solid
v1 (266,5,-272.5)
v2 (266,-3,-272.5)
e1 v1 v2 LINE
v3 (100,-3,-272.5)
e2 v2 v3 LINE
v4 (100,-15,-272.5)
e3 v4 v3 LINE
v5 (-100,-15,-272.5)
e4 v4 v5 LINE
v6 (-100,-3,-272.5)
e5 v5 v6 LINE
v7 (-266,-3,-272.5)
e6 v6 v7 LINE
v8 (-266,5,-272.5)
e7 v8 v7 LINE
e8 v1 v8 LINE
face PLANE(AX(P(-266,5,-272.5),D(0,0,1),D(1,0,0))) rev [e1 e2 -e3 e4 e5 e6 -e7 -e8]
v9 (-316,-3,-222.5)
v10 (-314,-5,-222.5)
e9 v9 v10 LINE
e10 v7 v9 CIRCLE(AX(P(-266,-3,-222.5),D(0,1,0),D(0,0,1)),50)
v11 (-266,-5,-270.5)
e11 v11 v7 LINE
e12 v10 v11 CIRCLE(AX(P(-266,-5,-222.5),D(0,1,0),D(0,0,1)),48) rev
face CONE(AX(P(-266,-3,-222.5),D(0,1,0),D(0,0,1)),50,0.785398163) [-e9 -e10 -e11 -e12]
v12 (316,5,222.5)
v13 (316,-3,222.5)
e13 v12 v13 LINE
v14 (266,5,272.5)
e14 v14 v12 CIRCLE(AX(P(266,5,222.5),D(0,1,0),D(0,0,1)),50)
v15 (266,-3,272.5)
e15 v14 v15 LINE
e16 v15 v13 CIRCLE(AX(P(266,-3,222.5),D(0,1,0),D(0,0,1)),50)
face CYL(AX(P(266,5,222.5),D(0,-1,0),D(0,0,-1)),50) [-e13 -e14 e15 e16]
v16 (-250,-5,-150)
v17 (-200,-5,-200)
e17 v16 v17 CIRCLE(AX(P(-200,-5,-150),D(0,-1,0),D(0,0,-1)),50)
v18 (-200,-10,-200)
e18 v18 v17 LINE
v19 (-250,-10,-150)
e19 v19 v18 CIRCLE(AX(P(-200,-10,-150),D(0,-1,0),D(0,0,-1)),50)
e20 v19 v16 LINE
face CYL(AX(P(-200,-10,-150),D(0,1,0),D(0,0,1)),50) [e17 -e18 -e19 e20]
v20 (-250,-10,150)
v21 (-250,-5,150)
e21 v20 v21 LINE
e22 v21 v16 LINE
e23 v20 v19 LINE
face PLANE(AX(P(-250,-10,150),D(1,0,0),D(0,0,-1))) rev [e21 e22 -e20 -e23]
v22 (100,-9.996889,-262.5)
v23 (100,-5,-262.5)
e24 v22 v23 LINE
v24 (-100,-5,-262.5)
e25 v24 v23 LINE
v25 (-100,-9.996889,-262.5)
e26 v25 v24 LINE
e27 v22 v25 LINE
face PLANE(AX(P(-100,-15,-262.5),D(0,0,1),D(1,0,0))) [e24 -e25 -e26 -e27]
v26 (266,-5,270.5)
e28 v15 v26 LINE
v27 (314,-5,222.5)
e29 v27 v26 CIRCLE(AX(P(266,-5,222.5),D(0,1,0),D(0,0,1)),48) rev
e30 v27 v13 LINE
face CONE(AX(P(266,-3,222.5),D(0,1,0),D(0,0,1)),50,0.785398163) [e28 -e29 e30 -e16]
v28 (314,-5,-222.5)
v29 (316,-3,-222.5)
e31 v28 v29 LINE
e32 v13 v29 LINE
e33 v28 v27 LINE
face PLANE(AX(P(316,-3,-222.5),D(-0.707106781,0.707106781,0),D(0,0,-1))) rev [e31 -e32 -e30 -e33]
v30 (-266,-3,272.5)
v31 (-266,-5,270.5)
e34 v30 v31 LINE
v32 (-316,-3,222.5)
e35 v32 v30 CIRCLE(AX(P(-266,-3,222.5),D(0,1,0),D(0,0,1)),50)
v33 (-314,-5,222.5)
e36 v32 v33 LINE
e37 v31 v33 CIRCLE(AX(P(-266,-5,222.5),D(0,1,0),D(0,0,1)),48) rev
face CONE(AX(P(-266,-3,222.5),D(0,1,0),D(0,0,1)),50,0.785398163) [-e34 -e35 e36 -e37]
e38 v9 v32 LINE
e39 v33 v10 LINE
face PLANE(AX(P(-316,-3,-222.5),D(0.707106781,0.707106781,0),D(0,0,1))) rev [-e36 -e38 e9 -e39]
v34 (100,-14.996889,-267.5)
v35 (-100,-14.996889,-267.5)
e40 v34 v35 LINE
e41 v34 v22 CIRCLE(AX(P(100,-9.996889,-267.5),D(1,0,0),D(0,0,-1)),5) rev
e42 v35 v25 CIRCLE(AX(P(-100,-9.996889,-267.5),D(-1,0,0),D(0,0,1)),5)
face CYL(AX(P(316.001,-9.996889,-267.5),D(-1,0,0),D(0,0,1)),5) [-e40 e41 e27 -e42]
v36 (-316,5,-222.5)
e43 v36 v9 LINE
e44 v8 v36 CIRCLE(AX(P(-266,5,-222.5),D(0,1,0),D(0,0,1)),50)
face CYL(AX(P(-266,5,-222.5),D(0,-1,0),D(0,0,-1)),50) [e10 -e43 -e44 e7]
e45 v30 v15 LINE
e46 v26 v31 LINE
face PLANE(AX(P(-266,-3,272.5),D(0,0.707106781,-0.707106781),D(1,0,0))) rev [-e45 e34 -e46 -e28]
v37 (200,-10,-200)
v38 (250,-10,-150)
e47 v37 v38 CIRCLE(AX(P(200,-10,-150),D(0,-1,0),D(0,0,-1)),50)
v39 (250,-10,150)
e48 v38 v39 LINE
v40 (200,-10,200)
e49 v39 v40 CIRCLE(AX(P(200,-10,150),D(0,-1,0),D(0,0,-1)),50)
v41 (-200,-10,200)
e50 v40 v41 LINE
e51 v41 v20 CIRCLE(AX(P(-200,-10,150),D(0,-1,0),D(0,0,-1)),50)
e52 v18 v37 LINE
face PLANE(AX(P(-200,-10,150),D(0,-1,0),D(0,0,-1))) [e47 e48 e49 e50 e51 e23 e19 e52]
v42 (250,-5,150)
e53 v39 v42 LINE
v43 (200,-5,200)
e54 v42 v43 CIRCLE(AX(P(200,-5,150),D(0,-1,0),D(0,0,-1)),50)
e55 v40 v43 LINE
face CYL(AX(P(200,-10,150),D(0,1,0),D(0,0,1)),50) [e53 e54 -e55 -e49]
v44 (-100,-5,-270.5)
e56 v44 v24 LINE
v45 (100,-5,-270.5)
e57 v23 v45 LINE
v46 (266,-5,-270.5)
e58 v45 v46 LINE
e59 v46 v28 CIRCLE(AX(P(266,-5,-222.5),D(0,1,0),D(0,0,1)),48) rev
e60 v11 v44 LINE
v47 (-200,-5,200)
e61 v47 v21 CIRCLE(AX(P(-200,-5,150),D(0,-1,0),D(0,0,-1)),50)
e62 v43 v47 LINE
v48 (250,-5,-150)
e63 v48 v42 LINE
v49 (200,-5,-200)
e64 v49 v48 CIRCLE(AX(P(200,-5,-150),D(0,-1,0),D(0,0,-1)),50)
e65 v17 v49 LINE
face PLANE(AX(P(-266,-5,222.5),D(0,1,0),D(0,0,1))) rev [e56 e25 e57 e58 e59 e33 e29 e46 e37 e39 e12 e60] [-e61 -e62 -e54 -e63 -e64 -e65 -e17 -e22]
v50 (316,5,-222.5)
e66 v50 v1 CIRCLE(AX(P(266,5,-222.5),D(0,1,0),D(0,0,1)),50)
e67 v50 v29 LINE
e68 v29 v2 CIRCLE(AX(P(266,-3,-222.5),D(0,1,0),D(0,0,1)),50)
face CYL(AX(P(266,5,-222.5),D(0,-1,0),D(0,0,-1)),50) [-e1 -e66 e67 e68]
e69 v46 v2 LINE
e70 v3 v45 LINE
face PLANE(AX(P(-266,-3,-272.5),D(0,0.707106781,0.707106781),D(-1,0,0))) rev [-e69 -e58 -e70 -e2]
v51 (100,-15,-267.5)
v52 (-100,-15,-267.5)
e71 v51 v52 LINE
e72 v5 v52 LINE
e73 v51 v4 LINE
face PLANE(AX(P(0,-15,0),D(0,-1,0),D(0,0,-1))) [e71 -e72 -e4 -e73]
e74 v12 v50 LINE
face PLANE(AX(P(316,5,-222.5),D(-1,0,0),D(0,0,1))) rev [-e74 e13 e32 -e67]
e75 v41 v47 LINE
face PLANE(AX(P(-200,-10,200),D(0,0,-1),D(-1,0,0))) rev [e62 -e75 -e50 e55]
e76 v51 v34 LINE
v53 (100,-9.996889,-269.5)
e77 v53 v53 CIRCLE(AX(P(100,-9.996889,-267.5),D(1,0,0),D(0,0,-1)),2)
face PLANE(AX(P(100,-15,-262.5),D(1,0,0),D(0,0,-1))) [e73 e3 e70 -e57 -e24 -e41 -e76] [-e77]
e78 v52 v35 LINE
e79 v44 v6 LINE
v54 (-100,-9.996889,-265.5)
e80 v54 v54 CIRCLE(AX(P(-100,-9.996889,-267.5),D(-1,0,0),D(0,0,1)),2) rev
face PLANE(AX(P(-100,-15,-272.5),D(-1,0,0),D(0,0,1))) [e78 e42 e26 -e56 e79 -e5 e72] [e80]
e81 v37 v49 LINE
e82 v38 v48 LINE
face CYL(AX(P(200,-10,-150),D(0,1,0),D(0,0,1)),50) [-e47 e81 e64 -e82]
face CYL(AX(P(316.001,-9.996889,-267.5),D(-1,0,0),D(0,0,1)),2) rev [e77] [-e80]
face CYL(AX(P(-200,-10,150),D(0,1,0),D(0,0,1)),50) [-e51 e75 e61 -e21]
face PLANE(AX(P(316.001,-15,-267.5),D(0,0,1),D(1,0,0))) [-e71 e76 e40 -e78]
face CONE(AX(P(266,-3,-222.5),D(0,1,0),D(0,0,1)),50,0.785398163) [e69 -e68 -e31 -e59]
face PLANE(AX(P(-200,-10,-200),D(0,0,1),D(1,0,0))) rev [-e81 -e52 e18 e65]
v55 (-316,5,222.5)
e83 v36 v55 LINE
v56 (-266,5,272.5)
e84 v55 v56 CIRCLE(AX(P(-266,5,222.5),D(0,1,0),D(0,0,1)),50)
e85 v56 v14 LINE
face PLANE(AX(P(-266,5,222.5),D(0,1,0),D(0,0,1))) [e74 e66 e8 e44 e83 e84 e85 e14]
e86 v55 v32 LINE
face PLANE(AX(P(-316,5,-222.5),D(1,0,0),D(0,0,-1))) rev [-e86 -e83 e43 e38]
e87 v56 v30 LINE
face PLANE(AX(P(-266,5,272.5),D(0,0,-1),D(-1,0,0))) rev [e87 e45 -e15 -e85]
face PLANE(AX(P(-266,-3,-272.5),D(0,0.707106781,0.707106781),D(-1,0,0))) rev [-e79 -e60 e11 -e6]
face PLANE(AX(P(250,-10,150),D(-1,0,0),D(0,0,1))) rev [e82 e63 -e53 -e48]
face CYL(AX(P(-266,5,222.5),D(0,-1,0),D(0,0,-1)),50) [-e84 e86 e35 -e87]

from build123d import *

# Parameters (mm, degrees)
BOSS_EXTRUDE1_DEPTH            = 5
CHAMFER1_SIZE                  = 2
SKETCH4_W                      = 200
SKETCH4_H                      = 10
BOSS_EXTRUDE3_DEPTH            = 20
CUT_EXTRUDE1_REACH             = 318
SKETCH5_R                      = 2
CUT_EXTRUDE1_DIRECTION_2_REACH = 318
BOSS_EXTRUDE4_DEPTH            = 5


with BuildPart() as part:
    # Sketch1 → Boss-Extrude1 (new body, symmetric)
    with BuildSketch(Plane(origin=(0, 0, 0), x_dir=(1, 0, 0), z_dir=(0, 1, 0))):
        with BuildLine():
            Line((-266, 272.5), (266, 272.5))
            ThreePointArc((266, 272.5), (301.355339059, 257.855339059), (316, 222.5))
            Line((316, 222.5), (316, -222.5))
            ThreePointArc((316, -222.5), (301.355339059, -257.855339059), (266, -272.5))
            Line((266, -272.5), (-266, -272.5))
            ThreePointArc((-266, -272.5), (-301.355339059, -257.855339059), (-316, -222.5))
            Line((-316, -222.5), (-316, 222.5))
            ThreePointArc((-316, 222.5), (-301.355339059, 257.855339059), (-266, 272.5))
        make_face()
    extrude(amount=BOSS_EXTRUDE1_DEPTH, both=True)

    # Chamfer1
    chamfer1_edges = [part.edges().sort_by_distance(p)[0] for p in [
        (316, -5, 0),
        (301.355339059, -5, 257.855339059),
        (0, -5, 272.5),
        (-301.355339059, -5, 257.855339059),
        (-316, -5, 0),
        (-301.355339059, -5, -257.855339059),
        (0, -5, -272.5),
        (301.355339059, -5, -257.855339059),
    ]]
    chamfer(chamfer1_edges, length=CHAMFER1_SIZE)

    # Sketch4 → Boss-Extrude3 (add)
    with BuildSketch(Plane(origin=(0, 5, 0), x_dir=(1, 0, 0), z_dir=(0, 1, 0))):
        with Locations((0, 267.5)):
            Rectangle(SKETCH4_W, SKETCH4_H)
    extrude(amount=-BOSS_EXTRUDE3_DEPTH)

    # Sketch5 → Cut-Extrude1 (cut, up to next)
    with BuildSketch(Plane(origin=(0, 0, 0), x_dir=(0, 0, -1), z_dir=(1, 0, 0)), mode=Mode.PRIVATE) as cut_extrude1_sk1:
        with Locations((267.5, -9.996889361)):
            Circle(SKETCH5_R)
    cut_extrude1_tool1 = extrude(cut_extrude1_sk1.sketch, amount=-CUT_EXTRUDE1_REACH, mode=Mode.PRIVATE) & part.part
    add(cut_extrude1_tool1.solids().sort_by_distance((0, -9.996889, -267.5))[0], mode=Mode.SUBTRACT)
    # Sketch5 → Cut-Extrude1 (cut, up to next)
    with BuildSketch(Plane(origin=(0, 0, 0), x_dir=(0, 0, -1), z_dir=(1, 0, 0)), mode=Mode.PRIVATE) as cut_extrude1_sk2:
        with BuildLine():
            Line((267.5, -15), (267.5, -14.996889361))
            ThreePointArc((267.5, -14.996889361), (263.964466094, -13.532423267), (262.5, -9.996889361))
            Line((262.5, -9.996889361), (262.5, -15))
            Line((262.5, -15), (267.5, -15))
        make_face()
    cut_extrude1_tool2 = extrude(cut_extrude1_sk2.sketch, amount=-CUT_EXTRUDE1_REACH, mode=Mode.PRIVATE) & part.part
    add(cut_extrude1_tool2.solids().sort_by_distance((0, -13.883283, -263.620838))[0], mode=Mode.SUBTRACT)

    # Sketch5 → Cut-Extrude1 direction 2 (cut, up to next)
    with BuildSketch(Plane(origin=(0, 0, 0), x_dir=(0, 0, -1), z_dir=(1, 0, 0)), mode=Mode.PRIVATE) as cut_extrude1_direction_2_sk1:
        with Locations((267.5, -9.996889361)):
            Circle(SKETCH5_R)
    cut_extrude1_direction_2_tool1 = extrude(cut_extrude1_direction_2_sk1.sketch, amount=CUT_EXTRUDE1_DIRECTION_2_REACH, mode=Mode.PRIVATE) & part.part
    add(cut_extrude1_direction_2_tool1.solids().sort_by_distance((0, -9.996889, -267.5))[0], mode=Mode.SUBTRACT)
    # Sketch5 → Cut-Extrude1 direction 2 (cut, up to next)
    with BuildSketch(Plane(origin=(0, 0, 0), x_dir=(0, 0, -1), z_dir=(1, 0, 0)), mode=Mode.PRIVATE) as cut_extrude1_direction_2_sk2:
        with BuildLine():
            Line((267.5, -15), (267.5, -14.996889361))
            ThreePointArc((267.5, -14.996889361), (263.964466094, -13.532423267), (262.5, -9.996889361))
            Line((262.5, -9.996889361), (262.5, -15))
            Line((262.5, -15), (267.5, -15))
        make_face()
    cut_extrude1_direction_2_tool2 = extrude(cut_extrude1_direction_2_sk2.sketch, amount=CUT_EXTRUDE1_DIRECTION_2_REACH, mode=Mode.PRIVATE) & part.part
    add(cut_extrude1_direction_2_tool2.solids().sort_by_distance((0, -13.883283, -263.620838))[0], mode=Mode.SUBTRACT)

    # Sketch6 → Boss-Extrude4 (add)
    with BuildSketch(Plane.XZ.offset(5)):
        with BuildLine():
            Line((-200, 200), (200, 200))
            ThreePointArc((200, 200), (235.355339059, 185.355339059), (250, 150))
            Line((250, 150), (250, -150))
            ThreePointArc((250, -150), (235.355339059, -185.355339059), (200, -200))
            Line((200, -200), (-200, -200))
            ThreePointArc((-200, -200), (-235.355339059, -185.355339059), (-250, -150))
            Line((-250, -150), (-250, 150))
            ThreePointArc((-250, 150), (-235.355339059, 185.355339059), (-200, 200))
        make_face()
    extrude(amount=BOSS_EXTRUDE4_DEPTH)


solid = part.part
